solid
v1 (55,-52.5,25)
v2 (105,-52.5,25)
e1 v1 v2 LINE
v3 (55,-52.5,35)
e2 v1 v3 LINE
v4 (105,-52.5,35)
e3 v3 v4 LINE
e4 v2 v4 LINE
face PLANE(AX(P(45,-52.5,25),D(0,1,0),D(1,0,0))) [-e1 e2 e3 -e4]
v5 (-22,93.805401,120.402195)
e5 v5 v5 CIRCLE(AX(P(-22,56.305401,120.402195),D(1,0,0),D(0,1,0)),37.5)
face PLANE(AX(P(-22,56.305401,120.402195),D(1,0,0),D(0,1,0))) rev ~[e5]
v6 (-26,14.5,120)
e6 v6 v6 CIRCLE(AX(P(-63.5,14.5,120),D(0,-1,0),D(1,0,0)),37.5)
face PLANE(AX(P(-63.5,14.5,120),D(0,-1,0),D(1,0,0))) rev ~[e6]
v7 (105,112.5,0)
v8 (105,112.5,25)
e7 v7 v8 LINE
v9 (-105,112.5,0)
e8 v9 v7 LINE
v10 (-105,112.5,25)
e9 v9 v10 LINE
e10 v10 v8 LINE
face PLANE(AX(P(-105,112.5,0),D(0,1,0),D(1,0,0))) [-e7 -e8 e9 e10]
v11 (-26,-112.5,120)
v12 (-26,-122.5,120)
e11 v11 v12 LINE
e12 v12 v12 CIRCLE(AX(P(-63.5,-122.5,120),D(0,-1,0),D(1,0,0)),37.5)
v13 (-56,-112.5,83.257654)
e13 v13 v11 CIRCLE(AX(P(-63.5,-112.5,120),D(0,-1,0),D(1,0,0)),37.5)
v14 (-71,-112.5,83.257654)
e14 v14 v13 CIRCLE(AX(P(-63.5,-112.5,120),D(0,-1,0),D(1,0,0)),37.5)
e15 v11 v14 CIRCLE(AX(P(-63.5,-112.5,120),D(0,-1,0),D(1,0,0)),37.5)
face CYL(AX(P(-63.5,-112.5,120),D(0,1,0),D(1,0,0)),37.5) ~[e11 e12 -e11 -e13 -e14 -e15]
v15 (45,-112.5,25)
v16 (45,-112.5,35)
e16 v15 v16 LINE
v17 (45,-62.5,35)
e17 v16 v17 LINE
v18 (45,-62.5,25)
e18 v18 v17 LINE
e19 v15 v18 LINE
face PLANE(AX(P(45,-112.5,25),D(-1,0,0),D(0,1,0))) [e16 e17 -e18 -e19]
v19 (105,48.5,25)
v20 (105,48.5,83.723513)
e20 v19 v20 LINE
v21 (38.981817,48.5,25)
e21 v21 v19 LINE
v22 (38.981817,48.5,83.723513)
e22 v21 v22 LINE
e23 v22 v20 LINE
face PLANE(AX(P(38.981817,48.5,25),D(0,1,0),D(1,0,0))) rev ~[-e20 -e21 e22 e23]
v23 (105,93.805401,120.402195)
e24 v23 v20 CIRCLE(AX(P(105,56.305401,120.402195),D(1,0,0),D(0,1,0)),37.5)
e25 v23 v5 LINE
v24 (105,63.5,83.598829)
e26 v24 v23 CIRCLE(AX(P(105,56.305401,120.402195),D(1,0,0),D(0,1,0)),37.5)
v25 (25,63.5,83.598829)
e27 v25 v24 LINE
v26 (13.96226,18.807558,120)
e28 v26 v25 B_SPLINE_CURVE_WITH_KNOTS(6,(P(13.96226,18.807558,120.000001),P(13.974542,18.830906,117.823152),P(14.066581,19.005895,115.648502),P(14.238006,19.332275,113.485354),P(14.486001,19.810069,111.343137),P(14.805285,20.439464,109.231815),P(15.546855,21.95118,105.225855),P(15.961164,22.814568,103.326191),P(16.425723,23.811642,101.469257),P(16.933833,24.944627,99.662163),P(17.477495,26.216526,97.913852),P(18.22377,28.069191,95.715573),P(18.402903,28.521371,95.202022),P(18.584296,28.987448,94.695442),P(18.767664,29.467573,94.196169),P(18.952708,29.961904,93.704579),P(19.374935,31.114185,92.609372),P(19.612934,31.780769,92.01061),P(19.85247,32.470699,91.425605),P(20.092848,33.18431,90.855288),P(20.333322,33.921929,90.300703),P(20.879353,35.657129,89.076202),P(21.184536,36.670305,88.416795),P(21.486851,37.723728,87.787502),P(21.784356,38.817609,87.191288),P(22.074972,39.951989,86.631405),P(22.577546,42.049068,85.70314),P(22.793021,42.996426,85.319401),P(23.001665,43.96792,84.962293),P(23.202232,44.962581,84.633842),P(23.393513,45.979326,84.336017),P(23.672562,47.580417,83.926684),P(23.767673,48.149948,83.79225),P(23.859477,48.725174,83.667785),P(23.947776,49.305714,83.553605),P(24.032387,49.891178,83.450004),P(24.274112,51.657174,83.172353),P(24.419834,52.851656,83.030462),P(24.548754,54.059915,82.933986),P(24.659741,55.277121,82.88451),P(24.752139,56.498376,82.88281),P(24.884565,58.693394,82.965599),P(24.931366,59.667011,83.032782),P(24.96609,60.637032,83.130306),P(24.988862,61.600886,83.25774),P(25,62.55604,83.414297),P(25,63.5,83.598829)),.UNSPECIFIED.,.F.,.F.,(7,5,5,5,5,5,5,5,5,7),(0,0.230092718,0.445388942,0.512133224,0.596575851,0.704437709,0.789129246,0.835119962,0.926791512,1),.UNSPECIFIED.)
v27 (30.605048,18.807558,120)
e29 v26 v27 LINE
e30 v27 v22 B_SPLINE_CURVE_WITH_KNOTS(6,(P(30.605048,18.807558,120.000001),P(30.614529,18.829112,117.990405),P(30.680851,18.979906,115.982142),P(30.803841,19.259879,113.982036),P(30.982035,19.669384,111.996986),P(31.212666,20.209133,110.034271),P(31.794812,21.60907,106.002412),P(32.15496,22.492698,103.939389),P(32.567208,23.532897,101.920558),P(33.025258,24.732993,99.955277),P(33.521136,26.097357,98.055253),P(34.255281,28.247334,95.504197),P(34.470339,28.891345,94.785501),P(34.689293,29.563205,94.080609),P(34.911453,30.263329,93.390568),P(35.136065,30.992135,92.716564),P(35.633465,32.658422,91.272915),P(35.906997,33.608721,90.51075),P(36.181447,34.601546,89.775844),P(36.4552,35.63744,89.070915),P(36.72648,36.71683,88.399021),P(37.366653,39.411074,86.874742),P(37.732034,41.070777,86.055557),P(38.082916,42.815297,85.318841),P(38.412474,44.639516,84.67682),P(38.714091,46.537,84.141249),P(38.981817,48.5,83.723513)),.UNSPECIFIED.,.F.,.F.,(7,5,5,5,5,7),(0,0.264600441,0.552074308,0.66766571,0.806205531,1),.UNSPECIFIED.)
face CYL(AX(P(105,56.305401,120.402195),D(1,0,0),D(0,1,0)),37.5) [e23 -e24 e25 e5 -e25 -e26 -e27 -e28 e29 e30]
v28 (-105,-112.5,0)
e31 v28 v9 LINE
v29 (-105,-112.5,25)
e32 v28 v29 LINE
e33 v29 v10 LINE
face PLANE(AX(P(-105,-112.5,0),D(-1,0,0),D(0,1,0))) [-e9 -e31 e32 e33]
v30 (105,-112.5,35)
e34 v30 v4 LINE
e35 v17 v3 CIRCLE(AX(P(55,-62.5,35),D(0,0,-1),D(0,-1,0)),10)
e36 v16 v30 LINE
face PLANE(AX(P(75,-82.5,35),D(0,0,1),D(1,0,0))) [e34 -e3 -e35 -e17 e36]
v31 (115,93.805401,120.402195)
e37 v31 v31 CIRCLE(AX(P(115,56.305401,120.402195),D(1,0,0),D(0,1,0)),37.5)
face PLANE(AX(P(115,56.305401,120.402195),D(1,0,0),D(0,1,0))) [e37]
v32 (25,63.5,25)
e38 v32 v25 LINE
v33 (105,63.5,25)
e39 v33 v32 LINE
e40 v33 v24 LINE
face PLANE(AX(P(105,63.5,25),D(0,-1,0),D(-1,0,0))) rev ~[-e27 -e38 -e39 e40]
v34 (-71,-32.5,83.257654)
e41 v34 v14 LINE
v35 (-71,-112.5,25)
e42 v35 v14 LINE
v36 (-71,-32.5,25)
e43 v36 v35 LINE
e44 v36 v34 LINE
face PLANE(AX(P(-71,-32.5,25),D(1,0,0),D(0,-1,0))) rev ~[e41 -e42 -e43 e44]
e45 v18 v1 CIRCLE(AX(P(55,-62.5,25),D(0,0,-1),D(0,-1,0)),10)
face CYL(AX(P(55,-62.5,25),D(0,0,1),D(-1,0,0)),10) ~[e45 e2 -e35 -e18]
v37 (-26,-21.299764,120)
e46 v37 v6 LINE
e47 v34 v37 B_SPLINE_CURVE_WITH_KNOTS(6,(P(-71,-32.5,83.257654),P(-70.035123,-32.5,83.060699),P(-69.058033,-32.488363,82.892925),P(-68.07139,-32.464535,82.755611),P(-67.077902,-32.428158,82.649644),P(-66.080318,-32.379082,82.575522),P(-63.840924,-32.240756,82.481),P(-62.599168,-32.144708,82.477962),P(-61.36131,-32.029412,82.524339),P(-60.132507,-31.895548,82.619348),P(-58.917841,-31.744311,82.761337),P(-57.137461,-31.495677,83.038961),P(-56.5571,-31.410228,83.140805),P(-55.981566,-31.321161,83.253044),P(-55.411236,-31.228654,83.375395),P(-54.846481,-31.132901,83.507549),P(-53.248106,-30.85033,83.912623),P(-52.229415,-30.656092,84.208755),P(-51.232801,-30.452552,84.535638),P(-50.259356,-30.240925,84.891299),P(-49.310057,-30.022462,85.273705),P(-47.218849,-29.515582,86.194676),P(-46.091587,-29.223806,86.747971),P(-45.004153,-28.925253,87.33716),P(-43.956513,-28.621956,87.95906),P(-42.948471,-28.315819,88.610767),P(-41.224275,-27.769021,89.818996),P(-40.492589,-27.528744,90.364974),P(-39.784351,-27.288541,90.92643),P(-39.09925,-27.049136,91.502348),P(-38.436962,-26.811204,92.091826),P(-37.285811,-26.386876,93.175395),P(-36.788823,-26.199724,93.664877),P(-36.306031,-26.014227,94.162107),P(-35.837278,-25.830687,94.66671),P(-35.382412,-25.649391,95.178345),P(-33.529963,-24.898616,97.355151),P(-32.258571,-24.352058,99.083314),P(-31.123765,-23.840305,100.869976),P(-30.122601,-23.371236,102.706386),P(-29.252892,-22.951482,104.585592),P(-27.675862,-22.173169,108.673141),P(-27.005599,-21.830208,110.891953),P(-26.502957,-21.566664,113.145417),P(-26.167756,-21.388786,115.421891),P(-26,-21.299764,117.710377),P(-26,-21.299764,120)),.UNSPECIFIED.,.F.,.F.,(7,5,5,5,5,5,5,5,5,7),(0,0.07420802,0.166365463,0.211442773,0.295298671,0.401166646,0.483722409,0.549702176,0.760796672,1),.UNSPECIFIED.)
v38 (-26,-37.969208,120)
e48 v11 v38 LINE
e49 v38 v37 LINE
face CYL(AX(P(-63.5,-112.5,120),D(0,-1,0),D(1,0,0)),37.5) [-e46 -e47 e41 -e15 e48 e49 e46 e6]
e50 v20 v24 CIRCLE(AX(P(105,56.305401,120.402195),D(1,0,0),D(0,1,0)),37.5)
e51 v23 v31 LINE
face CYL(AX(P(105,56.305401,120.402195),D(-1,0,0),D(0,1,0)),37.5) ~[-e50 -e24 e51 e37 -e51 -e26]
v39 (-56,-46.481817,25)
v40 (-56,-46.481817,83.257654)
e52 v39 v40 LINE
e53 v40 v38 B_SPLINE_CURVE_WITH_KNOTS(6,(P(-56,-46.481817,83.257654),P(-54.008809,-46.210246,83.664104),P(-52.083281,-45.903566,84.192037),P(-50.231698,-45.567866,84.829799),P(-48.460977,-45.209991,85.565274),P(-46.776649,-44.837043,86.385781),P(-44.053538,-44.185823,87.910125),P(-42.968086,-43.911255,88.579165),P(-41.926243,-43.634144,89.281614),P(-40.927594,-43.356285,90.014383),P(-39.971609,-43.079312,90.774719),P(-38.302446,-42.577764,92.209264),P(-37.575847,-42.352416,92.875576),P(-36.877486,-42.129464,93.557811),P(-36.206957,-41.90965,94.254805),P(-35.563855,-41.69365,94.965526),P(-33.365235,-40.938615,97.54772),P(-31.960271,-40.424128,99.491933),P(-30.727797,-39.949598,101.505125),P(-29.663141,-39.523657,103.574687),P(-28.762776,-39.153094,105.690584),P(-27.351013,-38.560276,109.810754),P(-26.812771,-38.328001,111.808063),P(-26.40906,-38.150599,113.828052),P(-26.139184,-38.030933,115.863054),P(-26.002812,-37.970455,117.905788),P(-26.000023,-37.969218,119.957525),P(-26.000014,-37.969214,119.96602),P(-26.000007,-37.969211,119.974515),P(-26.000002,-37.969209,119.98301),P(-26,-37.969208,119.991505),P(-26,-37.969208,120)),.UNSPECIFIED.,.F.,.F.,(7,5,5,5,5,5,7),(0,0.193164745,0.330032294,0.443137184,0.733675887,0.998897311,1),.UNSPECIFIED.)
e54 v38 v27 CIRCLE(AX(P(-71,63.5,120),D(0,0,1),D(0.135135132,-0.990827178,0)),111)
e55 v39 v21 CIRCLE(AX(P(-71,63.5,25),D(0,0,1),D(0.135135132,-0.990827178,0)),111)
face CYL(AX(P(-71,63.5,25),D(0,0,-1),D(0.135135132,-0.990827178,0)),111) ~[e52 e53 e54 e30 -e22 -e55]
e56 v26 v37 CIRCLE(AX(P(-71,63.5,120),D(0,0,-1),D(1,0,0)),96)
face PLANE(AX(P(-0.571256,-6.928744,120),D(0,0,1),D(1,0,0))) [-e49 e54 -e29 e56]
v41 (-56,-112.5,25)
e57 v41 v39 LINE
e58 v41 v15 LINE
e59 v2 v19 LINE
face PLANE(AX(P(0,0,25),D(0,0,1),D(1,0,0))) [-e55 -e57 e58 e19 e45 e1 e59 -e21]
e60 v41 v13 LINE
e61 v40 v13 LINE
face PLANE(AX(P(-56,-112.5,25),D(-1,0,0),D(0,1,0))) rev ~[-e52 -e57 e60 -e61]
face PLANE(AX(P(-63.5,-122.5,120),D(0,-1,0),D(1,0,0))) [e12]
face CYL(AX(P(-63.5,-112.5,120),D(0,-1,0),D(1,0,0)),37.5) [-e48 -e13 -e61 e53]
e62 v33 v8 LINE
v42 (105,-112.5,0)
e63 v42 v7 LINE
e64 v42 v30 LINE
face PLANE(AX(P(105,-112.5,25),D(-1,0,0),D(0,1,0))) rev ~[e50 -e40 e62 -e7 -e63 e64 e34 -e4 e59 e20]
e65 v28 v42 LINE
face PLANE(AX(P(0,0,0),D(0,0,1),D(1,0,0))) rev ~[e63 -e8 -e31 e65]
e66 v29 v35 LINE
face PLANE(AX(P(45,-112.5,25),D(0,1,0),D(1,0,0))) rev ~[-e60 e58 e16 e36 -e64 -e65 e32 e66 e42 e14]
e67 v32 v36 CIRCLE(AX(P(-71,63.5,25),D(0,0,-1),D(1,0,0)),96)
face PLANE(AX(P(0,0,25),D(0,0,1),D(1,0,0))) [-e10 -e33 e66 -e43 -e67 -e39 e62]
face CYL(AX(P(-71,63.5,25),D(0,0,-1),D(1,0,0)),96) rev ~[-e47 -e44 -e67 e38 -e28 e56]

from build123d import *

# Parameters (mm, degrees)
F0_W          = 210
F0_H          = 225
F1_DEPTH      = 25
F3_DEPTH      = 95
F4_R          = 37.5
F5_DEPTH      = 10
F5_DEPTH_BACK = 127
F6_R          = 37.5
F7_DEPTH      = 10
F7_DEPTH_BACK = 127
F8_W          = 60
F8_H          = 60
F9_DEPTH      = 10
F10_R         = 10


with BuildPart() as f1:
    # F0 (on Top) → F1 (new body)
    with BuildSketch(Plane.XY):
        Rectangle(F0_W, F0_H)
    extrude(amount=F1_DEPTH)

    # F2 (on face) → F3 (join)
    with BuildSketch(Plane.XY.offset(25)):
        with BuildLine():
            Line((-71, -32.5), (-71, -112.5))
            Line((-71, -112.5), (-56, -112.5))
            Line((-56, -112.5), (-56, -46.481817))
            ThreePointArc((-56, -46.481817), (7.488853, -14.988853), (38.981817, 48.5))
            Line((38.981817, 48.5), (105, 48.5))
            Line((105, 48.5), (105, 63.5))
            Line((105, 63.5), (25, 63.5))
            ThreePointArc((25, 63.5), (-3.117749, -4.382251), (-71, -32.5))
        make_face()
    extrude(amount=F3_DEPTH)

    # F4 (on face) → F5 (join, two sides)
    with BuildSketch(Plane.XZ.offset(112.5)) as f5_sk:
        with Locations((-63.5, 120)):
            Circle(F4_R)
    extrude(amount=F5_DEPTH)
    extrude(f5_sk.sketch, amount=-F5_DEPTH_BACK)

    # F6 (on face) → F7 (join, two sides)
    with BuildSketch(Plane.YZ.offset(105)) as f7_sk:
        with Locations((56.305401, 120.402195)):
            Circle(F6_R)
    extrude(amount=F7_DEPTH)
    extrude(f7_sk.sketch, amount=-F7_DEPTH_BACK)

    # F8 (on face) → F9 (join)
    with BuildSketch(Plane.XY.offset(25)):
        with Locations((75, -82.5)):
            Rectangle(F8_W, F8_H)
    extrude(amount=F9_DEPTH)

    # F10
    f10_edges = [f1.edges().sort_by_distance(p)[0] for p in [
        (45, -52.5, 30),
    ]]
    fillet(f10_edges, radius=F10_R)


solid = f1.part
